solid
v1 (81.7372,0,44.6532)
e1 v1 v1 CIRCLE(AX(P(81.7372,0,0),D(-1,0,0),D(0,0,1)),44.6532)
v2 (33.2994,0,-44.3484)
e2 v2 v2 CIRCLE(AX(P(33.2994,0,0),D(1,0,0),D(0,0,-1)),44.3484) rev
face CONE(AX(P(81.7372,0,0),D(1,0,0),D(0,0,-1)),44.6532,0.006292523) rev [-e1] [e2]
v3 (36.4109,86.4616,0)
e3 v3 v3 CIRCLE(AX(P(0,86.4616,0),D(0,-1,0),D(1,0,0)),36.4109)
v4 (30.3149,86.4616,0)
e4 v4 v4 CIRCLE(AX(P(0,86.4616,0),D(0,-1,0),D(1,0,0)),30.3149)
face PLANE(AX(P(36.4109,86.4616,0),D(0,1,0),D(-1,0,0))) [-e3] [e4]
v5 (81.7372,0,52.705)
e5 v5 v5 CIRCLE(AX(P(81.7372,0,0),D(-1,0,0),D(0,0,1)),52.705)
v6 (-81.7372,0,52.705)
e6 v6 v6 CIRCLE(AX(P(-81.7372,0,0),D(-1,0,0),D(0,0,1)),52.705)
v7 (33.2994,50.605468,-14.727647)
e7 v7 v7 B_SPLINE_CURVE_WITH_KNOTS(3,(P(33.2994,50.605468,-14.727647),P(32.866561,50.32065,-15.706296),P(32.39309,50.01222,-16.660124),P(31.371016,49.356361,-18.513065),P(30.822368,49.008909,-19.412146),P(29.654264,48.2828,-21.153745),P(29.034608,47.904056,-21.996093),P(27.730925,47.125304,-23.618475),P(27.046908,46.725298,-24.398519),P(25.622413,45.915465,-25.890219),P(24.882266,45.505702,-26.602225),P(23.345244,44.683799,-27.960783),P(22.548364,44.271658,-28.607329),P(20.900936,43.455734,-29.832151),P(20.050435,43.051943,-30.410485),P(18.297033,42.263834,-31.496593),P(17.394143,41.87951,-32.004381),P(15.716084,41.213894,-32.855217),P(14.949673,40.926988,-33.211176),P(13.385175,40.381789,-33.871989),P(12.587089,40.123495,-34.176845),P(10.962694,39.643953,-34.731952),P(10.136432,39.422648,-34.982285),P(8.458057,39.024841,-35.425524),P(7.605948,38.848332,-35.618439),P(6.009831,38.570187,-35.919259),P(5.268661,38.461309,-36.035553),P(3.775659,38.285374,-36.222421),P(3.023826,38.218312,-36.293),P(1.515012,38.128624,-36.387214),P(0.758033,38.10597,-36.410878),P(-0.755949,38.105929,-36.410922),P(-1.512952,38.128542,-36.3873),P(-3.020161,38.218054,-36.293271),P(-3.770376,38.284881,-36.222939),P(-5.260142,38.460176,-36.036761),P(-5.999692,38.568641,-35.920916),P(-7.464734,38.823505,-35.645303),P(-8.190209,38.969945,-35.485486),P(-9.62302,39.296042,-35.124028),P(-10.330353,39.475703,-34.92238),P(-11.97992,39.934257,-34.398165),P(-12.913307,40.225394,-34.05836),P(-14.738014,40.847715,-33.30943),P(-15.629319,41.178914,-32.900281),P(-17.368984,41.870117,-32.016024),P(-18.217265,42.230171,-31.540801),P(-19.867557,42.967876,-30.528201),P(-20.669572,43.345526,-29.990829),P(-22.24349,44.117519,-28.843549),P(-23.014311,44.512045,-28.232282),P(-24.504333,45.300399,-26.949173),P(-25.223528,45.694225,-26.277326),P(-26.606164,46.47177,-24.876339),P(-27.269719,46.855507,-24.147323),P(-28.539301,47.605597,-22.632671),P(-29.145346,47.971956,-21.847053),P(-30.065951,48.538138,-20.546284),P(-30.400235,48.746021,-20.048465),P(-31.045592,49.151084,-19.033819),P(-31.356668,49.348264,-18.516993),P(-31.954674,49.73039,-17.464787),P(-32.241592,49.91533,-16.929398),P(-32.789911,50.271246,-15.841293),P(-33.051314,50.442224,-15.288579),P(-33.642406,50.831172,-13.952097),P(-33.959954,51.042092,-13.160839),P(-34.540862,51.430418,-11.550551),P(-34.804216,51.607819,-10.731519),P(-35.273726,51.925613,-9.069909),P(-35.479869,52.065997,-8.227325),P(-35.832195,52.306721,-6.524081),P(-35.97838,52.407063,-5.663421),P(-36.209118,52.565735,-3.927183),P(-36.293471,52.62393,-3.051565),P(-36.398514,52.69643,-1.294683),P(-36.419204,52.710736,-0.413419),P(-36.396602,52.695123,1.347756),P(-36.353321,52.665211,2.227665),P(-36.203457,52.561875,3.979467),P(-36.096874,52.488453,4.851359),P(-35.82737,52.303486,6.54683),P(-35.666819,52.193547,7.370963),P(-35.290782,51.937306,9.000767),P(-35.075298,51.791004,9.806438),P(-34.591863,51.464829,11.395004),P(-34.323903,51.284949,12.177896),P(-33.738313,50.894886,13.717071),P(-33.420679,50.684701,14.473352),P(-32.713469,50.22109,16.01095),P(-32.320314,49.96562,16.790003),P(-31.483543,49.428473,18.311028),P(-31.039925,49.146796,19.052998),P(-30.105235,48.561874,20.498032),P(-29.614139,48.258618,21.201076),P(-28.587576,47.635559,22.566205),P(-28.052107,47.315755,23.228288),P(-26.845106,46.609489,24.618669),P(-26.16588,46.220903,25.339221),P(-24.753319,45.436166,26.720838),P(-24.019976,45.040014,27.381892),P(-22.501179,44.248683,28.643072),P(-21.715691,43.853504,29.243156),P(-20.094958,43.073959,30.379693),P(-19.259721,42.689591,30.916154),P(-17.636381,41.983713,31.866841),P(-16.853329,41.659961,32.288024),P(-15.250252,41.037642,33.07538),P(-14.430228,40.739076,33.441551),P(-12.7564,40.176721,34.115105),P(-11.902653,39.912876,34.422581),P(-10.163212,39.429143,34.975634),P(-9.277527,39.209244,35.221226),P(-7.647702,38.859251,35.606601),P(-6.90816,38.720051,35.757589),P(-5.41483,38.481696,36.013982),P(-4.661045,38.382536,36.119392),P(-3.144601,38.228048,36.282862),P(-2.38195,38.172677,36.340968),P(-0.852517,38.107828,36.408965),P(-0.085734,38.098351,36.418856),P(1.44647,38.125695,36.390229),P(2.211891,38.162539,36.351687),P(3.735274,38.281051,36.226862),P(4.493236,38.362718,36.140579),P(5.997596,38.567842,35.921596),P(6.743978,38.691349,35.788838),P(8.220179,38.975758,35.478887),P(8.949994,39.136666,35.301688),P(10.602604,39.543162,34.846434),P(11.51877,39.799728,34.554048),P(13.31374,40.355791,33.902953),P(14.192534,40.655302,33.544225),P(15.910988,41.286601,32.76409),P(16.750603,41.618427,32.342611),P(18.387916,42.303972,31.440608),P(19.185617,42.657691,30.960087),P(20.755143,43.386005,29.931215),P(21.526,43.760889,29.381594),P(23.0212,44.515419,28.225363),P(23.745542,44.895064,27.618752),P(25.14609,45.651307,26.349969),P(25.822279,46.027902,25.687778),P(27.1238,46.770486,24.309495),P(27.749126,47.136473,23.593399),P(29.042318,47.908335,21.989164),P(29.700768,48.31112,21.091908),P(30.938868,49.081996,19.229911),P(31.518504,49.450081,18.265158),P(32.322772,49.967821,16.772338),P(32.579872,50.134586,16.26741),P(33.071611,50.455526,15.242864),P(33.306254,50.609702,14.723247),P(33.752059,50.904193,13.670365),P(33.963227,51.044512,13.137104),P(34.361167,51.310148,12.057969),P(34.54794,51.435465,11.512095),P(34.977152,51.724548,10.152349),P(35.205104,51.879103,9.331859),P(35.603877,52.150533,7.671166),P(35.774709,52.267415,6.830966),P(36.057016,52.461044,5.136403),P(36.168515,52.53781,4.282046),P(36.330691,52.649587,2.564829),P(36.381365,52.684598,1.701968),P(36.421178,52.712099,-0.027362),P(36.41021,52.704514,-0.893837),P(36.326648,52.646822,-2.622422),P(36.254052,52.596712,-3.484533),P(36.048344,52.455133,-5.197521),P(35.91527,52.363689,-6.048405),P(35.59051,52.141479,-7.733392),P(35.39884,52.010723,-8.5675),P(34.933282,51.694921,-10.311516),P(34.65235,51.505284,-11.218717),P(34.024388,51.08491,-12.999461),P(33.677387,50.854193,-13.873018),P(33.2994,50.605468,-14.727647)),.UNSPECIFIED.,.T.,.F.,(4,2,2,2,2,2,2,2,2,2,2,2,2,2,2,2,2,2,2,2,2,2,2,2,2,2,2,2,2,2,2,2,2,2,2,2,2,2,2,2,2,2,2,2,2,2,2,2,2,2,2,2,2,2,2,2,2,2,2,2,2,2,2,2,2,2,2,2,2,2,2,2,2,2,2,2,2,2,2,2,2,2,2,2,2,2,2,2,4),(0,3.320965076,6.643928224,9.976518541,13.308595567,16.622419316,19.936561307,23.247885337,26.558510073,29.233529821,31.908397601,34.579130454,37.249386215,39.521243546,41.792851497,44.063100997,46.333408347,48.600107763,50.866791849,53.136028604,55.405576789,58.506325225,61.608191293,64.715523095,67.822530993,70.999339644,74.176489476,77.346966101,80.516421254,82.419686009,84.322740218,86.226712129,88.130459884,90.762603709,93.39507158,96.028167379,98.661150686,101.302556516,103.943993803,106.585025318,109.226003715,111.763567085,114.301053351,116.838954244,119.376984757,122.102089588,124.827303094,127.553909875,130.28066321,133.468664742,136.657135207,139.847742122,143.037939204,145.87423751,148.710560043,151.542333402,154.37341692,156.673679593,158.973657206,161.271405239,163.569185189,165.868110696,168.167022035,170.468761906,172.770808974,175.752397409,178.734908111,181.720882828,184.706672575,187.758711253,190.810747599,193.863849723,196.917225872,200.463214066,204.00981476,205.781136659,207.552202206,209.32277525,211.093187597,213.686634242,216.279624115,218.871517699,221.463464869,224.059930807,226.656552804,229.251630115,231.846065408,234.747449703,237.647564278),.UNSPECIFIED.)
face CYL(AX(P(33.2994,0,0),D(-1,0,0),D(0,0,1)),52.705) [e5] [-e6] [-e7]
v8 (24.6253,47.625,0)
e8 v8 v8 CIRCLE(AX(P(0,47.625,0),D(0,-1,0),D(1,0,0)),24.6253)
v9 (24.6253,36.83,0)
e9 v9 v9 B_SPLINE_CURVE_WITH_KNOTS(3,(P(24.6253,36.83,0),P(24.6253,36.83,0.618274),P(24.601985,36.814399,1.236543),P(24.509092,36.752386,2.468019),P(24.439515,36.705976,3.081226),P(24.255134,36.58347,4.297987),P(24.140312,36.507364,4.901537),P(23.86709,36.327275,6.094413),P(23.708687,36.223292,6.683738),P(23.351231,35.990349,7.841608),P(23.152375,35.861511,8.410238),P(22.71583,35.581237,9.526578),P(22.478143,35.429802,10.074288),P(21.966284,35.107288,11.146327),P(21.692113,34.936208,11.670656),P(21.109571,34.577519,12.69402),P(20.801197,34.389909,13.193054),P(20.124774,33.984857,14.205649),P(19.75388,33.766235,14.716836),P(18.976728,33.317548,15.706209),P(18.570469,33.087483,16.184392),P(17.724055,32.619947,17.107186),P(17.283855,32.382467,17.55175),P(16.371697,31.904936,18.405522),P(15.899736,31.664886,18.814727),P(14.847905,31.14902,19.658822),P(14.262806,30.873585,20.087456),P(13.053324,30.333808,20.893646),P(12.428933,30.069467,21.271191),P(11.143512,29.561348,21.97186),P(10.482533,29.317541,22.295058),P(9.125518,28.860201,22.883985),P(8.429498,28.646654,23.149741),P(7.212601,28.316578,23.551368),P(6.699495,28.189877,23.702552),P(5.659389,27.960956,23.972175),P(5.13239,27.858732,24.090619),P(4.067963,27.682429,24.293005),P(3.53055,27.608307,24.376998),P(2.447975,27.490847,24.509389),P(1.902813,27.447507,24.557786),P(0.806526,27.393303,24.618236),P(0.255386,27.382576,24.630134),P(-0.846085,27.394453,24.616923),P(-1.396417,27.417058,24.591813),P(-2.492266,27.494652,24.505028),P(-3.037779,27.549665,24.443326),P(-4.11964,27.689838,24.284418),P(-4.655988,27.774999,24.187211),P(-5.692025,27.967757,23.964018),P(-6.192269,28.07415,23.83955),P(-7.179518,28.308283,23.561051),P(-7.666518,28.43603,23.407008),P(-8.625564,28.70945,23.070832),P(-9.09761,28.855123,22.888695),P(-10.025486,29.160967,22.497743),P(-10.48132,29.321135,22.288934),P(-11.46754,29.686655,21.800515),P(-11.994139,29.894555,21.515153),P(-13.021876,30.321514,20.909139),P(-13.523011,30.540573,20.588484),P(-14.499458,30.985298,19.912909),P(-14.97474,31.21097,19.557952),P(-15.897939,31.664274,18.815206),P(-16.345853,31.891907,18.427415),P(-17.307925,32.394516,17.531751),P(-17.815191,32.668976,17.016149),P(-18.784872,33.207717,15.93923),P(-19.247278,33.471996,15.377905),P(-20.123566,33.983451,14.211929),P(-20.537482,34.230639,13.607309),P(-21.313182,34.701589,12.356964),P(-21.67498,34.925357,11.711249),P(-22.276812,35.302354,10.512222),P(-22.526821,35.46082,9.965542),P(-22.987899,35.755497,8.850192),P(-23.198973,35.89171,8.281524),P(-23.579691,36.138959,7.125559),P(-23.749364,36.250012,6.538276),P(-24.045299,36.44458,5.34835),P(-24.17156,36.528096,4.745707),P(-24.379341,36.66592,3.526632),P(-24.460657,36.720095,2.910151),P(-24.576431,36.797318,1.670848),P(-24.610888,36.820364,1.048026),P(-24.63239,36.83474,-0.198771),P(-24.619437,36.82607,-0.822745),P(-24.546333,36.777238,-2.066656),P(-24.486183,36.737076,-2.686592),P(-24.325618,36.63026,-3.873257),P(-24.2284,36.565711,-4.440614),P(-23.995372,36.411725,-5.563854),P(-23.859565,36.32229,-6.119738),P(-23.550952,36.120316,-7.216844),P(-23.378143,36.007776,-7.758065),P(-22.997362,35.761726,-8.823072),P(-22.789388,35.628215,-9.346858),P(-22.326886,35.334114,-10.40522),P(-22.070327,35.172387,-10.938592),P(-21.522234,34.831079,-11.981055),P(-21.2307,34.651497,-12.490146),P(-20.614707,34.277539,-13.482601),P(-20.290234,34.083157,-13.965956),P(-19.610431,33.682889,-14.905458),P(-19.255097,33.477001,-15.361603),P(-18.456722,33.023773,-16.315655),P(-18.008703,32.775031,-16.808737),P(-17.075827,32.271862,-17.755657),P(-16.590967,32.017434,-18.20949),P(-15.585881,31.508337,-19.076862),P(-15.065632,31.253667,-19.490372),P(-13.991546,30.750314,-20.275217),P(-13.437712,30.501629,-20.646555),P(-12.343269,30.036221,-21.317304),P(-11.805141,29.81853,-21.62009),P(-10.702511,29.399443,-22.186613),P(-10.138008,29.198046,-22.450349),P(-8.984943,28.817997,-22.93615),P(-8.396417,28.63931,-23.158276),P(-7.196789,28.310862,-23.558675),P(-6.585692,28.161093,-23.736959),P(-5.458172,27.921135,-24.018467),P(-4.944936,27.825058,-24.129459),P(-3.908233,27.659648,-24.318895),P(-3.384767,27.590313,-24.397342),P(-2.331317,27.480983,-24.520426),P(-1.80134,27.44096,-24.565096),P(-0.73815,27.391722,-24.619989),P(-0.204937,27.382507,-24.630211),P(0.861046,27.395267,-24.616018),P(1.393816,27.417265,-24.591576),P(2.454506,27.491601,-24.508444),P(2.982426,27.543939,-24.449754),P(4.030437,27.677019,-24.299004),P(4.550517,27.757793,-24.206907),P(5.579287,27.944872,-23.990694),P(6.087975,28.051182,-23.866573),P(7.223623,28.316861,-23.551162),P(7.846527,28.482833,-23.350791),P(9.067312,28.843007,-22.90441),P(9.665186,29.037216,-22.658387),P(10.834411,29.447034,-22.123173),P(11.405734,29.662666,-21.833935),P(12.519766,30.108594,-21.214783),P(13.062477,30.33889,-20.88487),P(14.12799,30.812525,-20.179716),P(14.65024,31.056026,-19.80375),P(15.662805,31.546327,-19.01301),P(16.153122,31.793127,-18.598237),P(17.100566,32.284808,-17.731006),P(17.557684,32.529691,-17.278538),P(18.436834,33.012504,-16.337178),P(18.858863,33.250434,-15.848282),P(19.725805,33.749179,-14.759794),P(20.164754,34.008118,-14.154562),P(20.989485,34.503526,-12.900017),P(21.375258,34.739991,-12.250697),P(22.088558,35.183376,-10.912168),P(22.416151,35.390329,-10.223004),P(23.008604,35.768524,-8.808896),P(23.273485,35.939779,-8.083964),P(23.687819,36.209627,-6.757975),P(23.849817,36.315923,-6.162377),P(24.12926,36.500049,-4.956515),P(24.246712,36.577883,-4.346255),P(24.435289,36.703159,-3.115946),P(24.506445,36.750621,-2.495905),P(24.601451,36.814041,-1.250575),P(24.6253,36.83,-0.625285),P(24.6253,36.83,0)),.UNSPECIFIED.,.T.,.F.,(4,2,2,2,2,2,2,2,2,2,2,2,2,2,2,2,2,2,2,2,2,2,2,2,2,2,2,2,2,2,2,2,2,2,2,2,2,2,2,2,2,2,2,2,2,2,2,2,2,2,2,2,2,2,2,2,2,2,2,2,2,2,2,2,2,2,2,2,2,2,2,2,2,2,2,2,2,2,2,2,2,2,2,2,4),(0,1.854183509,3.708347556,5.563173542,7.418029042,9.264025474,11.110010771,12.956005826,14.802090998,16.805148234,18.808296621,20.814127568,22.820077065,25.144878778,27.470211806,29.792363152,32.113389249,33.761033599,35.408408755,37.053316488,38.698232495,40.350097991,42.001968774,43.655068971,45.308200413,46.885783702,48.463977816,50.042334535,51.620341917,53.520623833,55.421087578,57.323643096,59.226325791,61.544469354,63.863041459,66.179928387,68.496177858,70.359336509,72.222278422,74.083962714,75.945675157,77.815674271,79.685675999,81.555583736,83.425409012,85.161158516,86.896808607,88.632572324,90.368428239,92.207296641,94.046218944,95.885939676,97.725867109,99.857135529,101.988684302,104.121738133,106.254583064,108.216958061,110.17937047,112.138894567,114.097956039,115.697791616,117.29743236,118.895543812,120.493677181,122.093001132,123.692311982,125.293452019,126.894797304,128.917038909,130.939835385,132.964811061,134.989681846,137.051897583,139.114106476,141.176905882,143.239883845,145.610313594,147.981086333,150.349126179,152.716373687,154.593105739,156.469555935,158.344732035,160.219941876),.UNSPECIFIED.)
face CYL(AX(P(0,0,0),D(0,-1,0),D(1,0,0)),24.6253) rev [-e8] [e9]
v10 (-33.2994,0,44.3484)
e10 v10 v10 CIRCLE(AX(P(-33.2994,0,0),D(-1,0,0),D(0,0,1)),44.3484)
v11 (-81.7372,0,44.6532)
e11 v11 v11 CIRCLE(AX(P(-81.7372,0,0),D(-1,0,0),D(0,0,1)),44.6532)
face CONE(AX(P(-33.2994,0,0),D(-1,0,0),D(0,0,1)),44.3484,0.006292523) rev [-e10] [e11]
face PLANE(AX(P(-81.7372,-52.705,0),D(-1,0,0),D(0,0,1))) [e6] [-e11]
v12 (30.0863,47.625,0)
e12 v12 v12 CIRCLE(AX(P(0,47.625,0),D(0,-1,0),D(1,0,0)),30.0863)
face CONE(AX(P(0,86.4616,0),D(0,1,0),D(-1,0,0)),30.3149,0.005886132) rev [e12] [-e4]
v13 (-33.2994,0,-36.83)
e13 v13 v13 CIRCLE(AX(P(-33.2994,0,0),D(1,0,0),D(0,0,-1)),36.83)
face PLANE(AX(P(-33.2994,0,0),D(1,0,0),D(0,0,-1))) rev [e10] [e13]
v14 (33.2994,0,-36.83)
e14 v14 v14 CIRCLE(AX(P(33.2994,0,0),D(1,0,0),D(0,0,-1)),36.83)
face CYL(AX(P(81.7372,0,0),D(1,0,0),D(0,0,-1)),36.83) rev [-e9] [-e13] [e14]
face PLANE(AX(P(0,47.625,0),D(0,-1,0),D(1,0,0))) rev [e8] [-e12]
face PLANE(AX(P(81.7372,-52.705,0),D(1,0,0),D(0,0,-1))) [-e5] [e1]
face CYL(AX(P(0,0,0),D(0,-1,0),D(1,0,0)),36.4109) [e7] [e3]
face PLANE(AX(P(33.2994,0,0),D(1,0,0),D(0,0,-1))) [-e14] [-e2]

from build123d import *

# Parameters (mm, degrees)
SKETCH4_R           = 52.705
BOSS_EXTRUDE1_DEPTH = 66.5988
SKETCH5_R           = 36.4109
BOSS_EXTRUDE2_DEPTH = 47.625


with BuildPart() as part:
    # Sketch1 → Revolve1 (revolve)
    with BuildSketch(Plane.XY):
        Polygon((-81.7372, -52.705), (-33.2994, -52.705), (-33.2994, -44.3484), (-81.7372, -44.6532), align=None)
        Polygon((81.7372, -44.6532), (33.2994, -44.3484), (33.2994, -52.705), (81.7372, -52.705), align=None)
    revolve(axis=Axis((-81.7372, 0, 0), (1, 0, 0)))



with BuildPart() as body_2:
    # Sketch2 → Revolve2 (revolve)
    with BuildSketch(Plane.XY):
        Polygon((30.3149, 86.4616), (30.0863, 47.625), (36.4109, 47.625), (36.4109, 86.4616), align=None)
    revolve(axis=Axis((0, 0, 0), (0, 1, 0)))


with BuildPart() as part_1:
    add(part.part)

    add(body_2.part)  # Boss-Extrude1 merges body 2
    # Sketch4 → Boss-Extrude1 (add)
    with BuildSketch(Plane(origin=(-33.2994, 0, 0), x_dir=(0, 0, -1), z_dir=(1, 0, 0))):
        Circle(SKETCH4_R)
    extrude(amount=BOSS_EXTRUDE1_DEPTH)

    # Sketch5 → Boss-Extrude2 (add)
    with BuildSketch(Plane.XZ.offset(-47.625)):
        Circle(SKETCH5_R)
    extrude(amount=BOSS_EXTRUDE2_DEPTH)

    # Sketch6 → Cut-Revolve1 (revolve, cut)
    with BuildSketch(Plane.XY):
        Polygon((-81.7372, -44.6532), (-33.2994, -44.3484), (-33.2994, -36.83), (33.2994, -36.83), (33.2994, -44.3484), (81.7372, -44.6532), (81.7372, 0), (-81.7372, 0), align=None)
    revolve(axis=Axis((81.7372, 0, 0), (-1, 0, 0)), mode=Mode.SUBTRACT)

    # Sketch7 → Cut-Revolve2 (revolve, cut)
    with BuildSketch(Plane.XY):
        Polygon((30.3149, 86.4616), (30.0863, 47.625), (24.6253, 47.625), (24.6253, 0), (0, 0), (0, 86.4616), align=None)
    revolve(axis=Axis((0, 0, 0), (0, 1, 0)), mode=Mode.SUBTRACT)


solid = part_1.part
